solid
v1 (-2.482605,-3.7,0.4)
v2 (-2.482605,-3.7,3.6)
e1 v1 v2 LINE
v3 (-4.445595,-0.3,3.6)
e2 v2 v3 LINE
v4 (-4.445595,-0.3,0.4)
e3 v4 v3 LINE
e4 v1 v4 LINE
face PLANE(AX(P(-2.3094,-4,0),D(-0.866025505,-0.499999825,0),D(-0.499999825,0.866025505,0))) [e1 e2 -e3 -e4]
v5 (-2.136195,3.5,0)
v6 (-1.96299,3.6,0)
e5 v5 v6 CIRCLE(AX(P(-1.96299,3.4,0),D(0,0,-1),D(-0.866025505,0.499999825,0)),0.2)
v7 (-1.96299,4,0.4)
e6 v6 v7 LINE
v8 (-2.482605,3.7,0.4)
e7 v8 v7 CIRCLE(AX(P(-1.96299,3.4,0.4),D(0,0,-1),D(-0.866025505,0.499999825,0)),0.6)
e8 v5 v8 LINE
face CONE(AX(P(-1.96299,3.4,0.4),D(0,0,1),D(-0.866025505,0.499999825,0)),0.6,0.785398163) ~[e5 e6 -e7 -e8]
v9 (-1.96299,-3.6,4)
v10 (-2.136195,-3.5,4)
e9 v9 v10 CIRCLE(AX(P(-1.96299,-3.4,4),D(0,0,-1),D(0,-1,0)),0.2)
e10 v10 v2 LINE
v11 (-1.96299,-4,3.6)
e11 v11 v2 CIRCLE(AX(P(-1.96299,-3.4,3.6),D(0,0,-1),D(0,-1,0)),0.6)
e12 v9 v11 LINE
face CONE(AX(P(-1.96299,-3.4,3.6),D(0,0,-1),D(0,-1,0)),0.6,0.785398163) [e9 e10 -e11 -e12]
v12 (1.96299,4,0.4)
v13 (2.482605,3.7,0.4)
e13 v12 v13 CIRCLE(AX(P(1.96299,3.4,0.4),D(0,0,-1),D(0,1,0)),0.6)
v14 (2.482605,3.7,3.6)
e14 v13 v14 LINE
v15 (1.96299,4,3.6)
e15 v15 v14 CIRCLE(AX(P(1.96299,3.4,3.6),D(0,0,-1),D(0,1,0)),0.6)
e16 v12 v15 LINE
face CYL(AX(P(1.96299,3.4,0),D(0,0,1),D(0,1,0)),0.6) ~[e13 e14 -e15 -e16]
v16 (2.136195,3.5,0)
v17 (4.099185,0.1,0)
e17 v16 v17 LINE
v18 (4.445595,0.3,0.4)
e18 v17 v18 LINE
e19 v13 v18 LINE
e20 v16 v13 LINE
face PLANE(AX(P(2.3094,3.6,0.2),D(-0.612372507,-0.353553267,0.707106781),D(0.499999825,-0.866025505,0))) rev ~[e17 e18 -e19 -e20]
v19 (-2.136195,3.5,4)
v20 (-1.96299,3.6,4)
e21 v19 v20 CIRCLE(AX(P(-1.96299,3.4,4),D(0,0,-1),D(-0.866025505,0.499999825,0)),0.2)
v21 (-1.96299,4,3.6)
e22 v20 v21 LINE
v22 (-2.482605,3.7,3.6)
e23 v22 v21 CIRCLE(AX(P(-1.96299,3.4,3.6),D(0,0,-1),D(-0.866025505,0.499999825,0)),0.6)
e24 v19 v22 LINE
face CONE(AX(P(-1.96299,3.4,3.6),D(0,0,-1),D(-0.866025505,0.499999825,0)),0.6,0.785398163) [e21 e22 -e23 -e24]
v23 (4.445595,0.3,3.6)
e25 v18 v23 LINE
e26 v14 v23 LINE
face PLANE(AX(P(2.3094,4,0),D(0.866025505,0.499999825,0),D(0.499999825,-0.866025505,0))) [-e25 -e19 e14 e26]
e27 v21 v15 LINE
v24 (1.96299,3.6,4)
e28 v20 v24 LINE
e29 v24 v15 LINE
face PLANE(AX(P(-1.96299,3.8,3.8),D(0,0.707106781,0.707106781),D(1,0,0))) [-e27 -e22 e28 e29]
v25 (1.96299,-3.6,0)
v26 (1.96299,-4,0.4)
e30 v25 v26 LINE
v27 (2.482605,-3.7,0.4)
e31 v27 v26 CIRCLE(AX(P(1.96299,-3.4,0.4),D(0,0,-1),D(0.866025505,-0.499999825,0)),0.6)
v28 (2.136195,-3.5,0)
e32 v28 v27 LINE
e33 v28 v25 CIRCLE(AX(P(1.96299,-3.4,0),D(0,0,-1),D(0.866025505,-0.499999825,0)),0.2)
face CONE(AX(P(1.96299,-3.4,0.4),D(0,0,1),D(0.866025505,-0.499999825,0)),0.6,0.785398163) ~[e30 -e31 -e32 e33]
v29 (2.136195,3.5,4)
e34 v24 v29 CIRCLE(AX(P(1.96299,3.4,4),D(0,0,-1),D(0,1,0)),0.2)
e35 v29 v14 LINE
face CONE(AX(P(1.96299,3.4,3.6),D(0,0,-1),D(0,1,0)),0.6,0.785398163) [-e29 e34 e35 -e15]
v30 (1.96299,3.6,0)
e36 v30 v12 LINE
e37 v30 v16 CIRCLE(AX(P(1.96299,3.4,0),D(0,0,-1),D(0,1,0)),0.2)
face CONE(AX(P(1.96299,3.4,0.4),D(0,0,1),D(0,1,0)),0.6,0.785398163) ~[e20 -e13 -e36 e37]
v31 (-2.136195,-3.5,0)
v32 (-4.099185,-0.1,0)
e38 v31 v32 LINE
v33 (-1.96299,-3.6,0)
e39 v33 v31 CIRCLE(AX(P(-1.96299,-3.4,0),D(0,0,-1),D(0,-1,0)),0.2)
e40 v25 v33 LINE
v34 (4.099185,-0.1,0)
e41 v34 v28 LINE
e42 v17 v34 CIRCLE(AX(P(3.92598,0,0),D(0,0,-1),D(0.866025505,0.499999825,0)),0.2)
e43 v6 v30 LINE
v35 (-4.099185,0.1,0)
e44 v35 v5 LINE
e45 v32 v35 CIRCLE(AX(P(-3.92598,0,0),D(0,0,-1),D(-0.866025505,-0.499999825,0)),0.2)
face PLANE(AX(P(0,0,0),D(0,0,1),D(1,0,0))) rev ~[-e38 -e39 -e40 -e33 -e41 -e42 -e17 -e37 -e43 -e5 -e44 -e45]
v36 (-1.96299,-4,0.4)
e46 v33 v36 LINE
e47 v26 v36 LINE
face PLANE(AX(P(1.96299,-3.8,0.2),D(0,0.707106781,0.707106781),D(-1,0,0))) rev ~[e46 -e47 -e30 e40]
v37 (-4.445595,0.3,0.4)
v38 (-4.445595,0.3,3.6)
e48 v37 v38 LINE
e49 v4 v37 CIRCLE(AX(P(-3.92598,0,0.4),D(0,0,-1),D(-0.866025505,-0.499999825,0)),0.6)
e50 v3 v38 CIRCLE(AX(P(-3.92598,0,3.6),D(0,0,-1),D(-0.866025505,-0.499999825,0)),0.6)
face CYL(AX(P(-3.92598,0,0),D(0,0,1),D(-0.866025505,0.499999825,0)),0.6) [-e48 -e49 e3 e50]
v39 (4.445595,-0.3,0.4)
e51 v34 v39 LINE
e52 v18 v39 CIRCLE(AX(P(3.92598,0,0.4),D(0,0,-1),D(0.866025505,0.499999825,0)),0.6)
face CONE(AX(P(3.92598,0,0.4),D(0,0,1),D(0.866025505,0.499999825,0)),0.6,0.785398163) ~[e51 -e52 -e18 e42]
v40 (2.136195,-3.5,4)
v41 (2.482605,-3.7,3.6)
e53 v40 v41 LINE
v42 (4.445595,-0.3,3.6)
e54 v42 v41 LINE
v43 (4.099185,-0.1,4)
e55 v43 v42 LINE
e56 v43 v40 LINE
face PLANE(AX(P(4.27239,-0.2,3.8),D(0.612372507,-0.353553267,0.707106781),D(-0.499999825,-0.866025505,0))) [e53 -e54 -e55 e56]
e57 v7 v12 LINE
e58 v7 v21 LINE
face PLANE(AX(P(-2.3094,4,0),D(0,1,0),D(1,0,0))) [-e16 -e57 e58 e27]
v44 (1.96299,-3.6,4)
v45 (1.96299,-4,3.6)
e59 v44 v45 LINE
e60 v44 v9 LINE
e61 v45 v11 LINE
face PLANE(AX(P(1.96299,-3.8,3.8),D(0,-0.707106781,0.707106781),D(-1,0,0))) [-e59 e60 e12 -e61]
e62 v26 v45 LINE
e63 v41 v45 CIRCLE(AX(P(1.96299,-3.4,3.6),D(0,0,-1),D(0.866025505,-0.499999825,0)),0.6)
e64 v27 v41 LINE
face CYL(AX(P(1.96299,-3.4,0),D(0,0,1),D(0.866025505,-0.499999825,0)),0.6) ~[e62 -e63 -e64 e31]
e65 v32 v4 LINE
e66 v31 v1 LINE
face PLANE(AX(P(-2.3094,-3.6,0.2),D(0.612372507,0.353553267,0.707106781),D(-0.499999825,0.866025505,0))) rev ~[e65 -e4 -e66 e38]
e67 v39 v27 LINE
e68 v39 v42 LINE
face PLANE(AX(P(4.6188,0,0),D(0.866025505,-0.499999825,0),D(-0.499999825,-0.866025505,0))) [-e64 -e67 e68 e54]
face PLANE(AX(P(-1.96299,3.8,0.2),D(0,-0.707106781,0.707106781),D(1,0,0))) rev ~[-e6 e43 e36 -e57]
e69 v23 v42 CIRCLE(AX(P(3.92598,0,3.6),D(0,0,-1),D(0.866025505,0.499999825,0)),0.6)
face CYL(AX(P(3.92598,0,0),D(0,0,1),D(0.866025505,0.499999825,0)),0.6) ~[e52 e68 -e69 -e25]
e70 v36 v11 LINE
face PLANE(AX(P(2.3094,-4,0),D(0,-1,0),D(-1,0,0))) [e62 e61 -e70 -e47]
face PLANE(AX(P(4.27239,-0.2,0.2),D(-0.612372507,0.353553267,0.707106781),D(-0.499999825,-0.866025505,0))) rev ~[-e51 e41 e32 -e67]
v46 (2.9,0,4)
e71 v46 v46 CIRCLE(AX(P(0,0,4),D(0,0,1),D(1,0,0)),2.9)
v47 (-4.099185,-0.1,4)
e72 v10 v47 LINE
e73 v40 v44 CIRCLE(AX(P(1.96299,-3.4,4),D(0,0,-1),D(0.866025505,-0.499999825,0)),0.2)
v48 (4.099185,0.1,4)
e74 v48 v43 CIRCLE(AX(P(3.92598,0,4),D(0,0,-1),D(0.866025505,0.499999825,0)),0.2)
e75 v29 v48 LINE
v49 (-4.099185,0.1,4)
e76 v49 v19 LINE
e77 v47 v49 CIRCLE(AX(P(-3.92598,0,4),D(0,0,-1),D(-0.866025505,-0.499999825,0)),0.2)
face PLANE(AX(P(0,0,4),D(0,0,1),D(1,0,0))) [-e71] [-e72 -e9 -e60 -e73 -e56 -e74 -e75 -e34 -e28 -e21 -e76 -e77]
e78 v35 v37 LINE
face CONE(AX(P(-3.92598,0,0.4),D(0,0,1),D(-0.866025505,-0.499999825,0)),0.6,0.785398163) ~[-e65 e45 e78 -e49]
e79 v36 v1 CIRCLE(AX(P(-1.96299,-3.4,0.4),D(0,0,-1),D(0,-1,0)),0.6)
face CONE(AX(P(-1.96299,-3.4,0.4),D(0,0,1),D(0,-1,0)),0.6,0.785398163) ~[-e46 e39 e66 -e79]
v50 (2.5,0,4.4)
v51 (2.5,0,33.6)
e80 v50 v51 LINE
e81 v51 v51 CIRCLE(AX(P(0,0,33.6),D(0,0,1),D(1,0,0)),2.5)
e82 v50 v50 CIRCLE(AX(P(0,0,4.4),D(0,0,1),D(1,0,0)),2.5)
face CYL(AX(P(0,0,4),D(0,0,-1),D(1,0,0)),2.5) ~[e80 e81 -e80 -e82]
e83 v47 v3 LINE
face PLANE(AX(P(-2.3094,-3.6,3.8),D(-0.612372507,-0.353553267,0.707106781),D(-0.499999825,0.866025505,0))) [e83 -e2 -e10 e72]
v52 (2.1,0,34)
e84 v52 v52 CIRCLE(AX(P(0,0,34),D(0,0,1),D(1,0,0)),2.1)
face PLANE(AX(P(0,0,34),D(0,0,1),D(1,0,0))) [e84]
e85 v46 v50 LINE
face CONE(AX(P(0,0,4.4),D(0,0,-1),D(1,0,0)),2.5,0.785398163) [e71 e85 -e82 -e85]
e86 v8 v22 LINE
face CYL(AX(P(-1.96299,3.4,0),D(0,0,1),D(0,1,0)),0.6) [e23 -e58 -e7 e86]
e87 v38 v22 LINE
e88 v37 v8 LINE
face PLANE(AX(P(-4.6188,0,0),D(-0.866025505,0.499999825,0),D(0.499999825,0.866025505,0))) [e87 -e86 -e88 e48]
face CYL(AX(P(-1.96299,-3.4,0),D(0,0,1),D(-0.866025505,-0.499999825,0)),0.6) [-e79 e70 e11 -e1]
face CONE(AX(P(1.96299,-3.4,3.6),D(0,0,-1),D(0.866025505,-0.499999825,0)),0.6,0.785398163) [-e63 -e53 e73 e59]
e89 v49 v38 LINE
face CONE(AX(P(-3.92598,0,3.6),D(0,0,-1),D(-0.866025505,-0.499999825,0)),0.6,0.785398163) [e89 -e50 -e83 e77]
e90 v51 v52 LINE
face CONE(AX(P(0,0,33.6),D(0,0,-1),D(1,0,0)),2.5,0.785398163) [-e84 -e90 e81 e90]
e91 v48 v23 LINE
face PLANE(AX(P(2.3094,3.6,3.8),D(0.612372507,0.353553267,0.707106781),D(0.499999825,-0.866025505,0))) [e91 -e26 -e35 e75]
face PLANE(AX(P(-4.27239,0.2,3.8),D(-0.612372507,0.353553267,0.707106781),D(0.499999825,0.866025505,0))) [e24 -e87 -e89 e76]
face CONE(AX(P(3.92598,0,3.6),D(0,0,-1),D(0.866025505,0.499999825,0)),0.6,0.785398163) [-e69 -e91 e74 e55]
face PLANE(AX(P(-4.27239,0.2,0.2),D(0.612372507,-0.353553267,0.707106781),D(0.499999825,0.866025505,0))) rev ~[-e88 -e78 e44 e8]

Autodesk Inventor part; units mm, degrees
ref_plane "YZ Plane" through (0, 0, 0) normal (1, 0, 0) x (0, 1, 0)
ref_plane "XZ Plane" through (0, 0, 0) normal (0, 1, 0) x (-1, 0, 0)
ref_plane "XY Plane" through (0, 0, 0) normal (0, 0, 1) x (1, 0, 0)
sketch "Эскиз1" plane through (0, 0, 0) normal (0, 0, 1) x (1, 0, 0)
  line L0 (-2.3094, 4) -> (2.3094, 4)
  line L1 (2.3094, 4) -> (4.6188, 0)
  line L2 (4.6188, 0) -> (2.3094, -4)
  line L3 (2.3094, -4) -> (-2.3094, -4)
  line L4 (-2.3094, -4) -> (-4.6188, 0)
  line L5 (-4.6188, 0) -> (-2.3094, 4)
  point P0 (0, 0)
  point P1 (0, 0)
  dimension "d0" = 8
extrude "Выдавливание1" add sketch "Эскиз1" along normal blind 4
sketch "Эскиз2" plane through (0, 0, 4) normal (0, 0, 1) x (1, 0, 0)
  circle A0 centre (0, 0) radius 2.5
  dimension "d3" = 5
extrude "Выдавливание2" add sketch "Эскиз2" along normal blind 30
fillet "Сопряжение1" radius 0.6 6 edges at (-2.3094, -4, 2) (2.3094, -4, 2) (4.6188, 0, 2) (2.3094, 4, 2) (-2.3094, 4, 2) (-4.6188, 0, 2)
chamfer "Фаска1" distance 0.4 angle 45 26 edges at (3.4641, 2, 4) (2.263, 3.9196, 4) (0, 4, 4) (-2.263, 3.9196, 4) (-3.4641, 2, 4) (-4.526, 0, 4) (-3.4641, -2, 4) (-2.263, -3.9196, 4) (0, -4, 4) (2.263, -3.9196, 4) (3.4641, -2, 4) (4.526, 0, 4) (-3.4641, 2, 0) (-4.526, 0, 0) (-3.4641, -2, 0) (-2.263, -3.9196, 0) (0, -4, 0) (2.263, -3.9196, 0) (3.4641, -2, 0) (4.526, 0, 0) (3.4641, 2, 0) (2.263, 3.9196, 0) (0, 4, 0) (-2.263, 3.9196, 0) (-2.5, 0, 34) (-2.5, 0, 4)
thread "Резьба1" size "M5x0.8" class "6g" standard "ANSI Metric M Profile" full length
properties part number "Болт М5х30"
